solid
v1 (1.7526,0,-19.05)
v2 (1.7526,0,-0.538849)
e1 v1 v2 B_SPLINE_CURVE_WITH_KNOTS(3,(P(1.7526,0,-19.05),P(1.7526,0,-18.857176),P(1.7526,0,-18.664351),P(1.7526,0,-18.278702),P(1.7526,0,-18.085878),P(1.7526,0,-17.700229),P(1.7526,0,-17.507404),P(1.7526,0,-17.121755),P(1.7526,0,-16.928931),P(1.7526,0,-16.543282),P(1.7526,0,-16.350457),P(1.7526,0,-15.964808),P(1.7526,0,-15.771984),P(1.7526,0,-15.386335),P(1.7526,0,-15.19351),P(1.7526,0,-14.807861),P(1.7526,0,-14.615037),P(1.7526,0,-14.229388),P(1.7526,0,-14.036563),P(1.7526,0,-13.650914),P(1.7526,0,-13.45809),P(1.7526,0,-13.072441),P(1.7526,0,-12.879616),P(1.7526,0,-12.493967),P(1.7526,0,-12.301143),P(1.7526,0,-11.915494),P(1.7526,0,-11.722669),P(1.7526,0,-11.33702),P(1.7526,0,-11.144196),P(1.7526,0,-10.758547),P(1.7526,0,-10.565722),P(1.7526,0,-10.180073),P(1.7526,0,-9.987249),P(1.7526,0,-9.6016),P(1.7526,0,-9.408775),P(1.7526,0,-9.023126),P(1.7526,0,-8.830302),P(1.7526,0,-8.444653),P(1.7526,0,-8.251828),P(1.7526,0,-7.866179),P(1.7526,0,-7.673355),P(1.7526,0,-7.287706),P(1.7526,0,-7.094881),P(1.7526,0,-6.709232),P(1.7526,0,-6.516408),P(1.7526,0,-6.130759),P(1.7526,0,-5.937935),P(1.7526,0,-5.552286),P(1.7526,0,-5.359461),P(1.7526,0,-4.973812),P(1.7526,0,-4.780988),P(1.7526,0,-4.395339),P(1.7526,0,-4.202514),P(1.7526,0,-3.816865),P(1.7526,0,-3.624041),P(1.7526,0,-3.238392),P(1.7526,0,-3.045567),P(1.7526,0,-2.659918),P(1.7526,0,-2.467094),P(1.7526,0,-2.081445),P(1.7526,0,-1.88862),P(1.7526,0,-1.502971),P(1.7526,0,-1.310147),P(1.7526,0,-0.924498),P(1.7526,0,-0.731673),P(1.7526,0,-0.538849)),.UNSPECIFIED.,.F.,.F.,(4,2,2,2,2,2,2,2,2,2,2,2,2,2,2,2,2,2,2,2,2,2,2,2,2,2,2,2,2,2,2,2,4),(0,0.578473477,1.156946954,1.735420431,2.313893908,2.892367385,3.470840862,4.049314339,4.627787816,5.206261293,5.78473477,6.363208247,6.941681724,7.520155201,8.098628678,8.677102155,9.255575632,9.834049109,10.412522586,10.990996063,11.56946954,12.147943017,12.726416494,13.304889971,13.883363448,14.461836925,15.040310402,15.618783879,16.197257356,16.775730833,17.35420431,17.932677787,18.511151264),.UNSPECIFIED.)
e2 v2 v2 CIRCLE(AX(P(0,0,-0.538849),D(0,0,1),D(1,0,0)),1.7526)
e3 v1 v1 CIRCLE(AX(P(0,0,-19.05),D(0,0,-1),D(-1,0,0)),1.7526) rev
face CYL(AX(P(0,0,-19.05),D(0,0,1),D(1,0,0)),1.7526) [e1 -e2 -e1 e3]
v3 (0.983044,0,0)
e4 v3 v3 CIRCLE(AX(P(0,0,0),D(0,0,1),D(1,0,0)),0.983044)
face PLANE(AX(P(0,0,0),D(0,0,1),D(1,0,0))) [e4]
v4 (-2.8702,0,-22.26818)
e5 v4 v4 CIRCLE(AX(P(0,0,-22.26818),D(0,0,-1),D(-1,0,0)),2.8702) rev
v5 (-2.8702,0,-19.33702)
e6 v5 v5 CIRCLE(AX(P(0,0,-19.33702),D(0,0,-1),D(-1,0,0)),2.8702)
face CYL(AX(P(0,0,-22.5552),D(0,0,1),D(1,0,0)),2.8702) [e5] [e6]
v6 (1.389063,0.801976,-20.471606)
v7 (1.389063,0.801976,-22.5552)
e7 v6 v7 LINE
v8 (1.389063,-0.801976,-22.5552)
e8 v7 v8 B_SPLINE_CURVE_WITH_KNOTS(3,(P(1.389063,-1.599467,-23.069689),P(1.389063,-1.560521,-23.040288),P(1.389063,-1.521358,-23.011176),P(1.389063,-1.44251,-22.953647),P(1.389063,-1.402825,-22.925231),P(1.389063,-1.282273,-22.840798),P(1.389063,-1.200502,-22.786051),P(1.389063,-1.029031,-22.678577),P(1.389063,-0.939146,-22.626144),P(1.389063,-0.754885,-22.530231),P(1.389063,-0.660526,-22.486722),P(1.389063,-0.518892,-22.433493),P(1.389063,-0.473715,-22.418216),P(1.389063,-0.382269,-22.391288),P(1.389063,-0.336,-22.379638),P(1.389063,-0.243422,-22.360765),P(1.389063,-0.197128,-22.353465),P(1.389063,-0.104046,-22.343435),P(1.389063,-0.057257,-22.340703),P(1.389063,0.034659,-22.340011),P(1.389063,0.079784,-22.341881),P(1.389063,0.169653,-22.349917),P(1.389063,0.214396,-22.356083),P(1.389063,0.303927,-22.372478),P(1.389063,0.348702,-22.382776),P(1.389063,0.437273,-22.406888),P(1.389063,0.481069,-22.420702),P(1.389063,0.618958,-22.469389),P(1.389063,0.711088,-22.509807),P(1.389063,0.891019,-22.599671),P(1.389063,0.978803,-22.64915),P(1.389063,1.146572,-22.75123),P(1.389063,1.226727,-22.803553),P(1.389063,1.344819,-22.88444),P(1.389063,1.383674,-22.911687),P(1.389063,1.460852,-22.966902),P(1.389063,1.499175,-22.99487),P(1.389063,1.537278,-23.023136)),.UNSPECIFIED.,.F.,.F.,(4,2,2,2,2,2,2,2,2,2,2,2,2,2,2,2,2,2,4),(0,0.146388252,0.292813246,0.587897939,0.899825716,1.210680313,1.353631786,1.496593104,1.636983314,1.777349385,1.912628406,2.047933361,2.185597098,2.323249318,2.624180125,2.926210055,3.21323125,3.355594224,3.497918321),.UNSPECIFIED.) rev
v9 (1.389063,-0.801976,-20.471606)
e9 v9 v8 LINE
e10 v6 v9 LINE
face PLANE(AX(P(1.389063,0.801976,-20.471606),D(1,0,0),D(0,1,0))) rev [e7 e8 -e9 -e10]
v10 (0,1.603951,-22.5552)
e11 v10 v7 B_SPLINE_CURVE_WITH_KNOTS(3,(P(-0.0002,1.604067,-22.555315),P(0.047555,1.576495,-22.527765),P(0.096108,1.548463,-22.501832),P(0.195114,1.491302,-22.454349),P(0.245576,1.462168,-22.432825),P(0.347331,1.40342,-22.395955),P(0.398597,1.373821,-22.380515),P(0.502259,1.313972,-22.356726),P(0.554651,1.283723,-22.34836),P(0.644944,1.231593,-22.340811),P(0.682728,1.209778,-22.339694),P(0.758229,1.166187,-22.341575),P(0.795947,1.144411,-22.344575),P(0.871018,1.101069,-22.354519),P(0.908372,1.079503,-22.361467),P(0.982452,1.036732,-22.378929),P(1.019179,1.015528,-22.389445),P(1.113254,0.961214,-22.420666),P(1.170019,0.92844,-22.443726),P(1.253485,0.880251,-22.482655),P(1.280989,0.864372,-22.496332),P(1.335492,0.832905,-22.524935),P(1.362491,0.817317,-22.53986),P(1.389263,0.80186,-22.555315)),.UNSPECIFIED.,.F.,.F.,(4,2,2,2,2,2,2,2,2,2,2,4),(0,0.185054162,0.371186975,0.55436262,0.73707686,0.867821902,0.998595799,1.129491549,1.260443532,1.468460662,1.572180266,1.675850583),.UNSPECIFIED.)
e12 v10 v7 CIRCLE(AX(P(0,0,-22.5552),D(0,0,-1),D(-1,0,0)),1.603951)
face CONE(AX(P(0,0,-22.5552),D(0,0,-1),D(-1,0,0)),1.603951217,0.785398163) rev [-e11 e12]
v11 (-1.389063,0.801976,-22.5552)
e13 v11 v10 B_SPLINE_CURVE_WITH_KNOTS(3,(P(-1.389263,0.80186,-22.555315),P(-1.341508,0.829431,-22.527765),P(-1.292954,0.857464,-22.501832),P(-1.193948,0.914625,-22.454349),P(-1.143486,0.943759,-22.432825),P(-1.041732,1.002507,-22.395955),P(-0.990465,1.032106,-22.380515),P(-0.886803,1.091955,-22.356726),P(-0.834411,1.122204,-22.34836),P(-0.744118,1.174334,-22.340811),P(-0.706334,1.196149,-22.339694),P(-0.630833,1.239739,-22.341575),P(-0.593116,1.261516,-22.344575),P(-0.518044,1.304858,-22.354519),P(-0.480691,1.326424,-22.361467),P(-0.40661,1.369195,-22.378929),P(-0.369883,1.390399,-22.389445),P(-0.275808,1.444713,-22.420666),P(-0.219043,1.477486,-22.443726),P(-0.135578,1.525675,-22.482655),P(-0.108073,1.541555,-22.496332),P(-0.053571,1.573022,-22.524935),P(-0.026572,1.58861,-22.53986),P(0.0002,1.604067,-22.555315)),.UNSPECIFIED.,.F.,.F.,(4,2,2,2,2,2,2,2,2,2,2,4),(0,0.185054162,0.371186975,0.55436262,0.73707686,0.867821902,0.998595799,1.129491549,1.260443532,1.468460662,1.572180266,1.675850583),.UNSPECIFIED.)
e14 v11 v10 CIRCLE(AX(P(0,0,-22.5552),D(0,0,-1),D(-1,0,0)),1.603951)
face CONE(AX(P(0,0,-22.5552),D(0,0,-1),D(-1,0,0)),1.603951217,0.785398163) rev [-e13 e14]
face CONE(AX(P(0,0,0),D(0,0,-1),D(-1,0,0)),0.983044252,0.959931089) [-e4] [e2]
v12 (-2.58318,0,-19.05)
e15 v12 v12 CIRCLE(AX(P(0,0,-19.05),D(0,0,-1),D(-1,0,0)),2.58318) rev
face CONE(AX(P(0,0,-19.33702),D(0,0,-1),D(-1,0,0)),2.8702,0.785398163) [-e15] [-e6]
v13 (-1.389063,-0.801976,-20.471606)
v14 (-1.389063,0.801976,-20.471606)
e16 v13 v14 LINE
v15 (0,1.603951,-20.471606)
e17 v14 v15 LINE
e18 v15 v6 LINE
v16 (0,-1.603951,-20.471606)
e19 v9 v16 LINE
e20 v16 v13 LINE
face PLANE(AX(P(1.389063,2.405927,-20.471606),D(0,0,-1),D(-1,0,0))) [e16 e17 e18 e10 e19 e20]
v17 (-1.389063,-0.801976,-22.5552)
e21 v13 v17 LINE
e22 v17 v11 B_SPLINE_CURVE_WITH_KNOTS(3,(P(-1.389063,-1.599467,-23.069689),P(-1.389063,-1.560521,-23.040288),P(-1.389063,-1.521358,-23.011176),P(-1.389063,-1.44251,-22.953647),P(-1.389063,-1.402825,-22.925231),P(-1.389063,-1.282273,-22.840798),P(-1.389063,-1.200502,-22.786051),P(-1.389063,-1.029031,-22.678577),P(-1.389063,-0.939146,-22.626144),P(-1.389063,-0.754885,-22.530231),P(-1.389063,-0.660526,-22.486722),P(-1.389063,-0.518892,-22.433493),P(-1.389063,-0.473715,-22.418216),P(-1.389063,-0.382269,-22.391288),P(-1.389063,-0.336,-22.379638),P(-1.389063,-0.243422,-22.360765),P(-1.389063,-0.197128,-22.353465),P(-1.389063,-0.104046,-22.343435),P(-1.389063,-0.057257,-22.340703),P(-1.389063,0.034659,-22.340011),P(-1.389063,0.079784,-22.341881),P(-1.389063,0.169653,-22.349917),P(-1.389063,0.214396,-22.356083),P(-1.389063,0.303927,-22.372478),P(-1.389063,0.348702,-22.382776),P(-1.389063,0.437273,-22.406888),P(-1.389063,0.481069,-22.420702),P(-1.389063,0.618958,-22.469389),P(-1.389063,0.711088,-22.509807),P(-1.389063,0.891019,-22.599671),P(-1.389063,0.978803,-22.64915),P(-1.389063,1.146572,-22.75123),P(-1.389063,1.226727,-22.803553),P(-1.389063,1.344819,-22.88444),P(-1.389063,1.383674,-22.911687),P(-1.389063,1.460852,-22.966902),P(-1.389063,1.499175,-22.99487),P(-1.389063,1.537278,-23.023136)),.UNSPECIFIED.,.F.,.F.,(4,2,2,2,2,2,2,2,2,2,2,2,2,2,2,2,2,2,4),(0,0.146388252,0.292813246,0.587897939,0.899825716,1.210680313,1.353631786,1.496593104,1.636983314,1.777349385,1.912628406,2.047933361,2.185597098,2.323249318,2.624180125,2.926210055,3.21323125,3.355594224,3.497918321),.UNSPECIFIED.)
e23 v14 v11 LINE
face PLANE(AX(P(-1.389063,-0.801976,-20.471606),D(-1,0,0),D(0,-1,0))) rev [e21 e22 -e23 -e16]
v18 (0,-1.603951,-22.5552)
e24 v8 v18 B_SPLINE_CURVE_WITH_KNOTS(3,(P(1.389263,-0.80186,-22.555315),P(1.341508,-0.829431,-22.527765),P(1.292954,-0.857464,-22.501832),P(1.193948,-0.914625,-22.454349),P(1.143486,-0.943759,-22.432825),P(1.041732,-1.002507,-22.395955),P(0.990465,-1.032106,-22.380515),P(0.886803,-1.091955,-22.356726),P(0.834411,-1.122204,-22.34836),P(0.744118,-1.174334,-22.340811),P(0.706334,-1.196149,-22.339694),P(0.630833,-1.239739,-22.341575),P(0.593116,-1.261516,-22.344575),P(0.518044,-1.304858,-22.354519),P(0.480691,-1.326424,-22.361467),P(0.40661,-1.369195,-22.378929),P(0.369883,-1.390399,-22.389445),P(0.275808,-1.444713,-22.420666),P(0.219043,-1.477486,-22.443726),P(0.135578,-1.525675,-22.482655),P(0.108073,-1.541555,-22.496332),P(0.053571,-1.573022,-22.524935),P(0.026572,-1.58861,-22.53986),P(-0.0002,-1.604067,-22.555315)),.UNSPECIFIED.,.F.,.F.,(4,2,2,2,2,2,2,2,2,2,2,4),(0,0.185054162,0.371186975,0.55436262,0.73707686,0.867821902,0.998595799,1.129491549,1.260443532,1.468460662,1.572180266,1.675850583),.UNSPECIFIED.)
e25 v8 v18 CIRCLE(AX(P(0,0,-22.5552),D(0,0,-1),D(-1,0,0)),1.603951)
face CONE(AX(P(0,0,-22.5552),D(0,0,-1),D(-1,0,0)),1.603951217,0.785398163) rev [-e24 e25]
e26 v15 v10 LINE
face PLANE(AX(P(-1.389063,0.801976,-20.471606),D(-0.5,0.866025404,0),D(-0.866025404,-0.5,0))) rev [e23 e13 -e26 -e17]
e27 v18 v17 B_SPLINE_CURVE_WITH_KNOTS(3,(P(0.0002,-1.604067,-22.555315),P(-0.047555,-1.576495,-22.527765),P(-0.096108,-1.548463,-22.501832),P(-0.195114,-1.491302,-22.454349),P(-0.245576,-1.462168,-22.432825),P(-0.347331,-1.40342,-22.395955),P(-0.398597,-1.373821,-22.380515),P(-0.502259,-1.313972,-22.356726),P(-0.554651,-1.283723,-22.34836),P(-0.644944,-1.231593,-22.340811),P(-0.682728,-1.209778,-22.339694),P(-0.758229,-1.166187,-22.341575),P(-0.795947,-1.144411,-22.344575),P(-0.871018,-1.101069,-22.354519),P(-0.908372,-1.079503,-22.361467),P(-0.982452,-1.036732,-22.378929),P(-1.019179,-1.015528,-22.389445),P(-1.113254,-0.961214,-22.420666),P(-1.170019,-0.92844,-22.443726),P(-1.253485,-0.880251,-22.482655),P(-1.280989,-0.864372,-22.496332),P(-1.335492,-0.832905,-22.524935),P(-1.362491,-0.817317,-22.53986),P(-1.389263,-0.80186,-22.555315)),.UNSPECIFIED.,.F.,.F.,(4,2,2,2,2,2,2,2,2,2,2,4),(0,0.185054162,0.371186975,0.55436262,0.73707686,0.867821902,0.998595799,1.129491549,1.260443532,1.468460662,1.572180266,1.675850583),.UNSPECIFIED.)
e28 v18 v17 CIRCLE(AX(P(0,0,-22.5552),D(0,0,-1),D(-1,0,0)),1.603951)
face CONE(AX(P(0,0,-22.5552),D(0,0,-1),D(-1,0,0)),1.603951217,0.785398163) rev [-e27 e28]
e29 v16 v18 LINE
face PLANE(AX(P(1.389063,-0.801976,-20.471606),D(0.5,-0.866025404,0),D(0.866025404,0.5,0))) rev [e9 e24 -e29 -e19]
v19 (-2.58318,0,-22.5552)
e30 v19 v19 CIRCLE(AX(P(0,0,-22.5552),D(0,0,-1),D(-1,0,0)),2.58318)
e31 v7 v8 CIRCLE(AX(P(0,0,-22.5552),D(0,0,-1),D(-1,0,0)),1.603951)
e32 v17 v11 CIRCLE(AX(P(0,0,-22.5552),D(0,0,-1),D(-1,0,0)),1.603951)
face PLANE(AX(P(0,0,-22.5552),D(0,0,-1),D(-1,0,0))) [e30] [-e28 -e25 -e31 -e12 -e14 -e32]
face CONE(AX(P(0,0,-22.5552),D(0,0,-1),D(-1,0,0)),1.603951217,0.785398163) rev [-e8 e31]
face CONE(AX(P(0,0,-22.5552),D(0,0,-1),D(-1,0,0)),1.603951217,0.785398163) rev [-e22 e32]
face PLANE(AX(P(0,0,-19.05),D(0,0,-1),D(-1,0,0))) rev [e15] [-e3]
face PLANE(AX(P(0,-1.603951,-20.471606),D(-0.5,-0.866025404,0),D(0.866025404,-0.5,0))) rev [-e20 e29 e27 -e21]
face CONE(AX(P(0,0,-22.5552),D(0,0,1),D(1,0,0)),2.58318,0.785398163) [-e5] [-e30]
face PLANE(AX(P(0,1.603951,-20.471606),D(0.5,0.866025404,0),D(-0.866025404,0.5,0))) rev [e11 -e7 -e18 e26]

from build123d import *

# Parameters (mm, degrees)
SKETCH1_R          = 1.7526
EXTRUDE1_DEPTH     = 19.05
SKETCH6_R          = 2.8702
EXTRUDE2_DEPTH     = 3.5052
CUT_EXTRUDE1_DEPTH = 2.08359375
CHAMFER1_SIZE      = 0.28702


with BuildPart() as part:
    # Sketch1 → Extrude1 (new body)
    with BuildSketch(Plane.XY):
        Circle(SKETCH1_R)
    extrude(amount=-EXTRUDE1_DEPTH)

    # Sketch4 → Cut-Revolve1 (revolve, cut)
    with BuildSketch(Plane(origin=(0, 0, 0), x_dir=(0, 0, -1), z_dir=(1, 0, 0))):
        Polygon((0.538848736, 1.7526), (0, 0.983044252), (0, 1.7526), align=None)
    revolve(axis=Axis((0, 0, 0), (0, 0, -1)), mode=Mode.SUBTRACT)

    # Sketch6 → Extrude2 (add)
    with BuildSketch(Plane(origin=(0, 0, -19.05), x_dir=(-1, 0, 0), z_dir=(0, 0, -1))):
        Circle(SKETCH6_R)
    extrude(amount=EXTRUDE2_DEPTH)

    # Sketch7 → Cut-Extrude1 (cut)
    with BuildSketch(Plane(origin=(0, 0, -22.5552), x_dir=(-1, 0, 0), z_dir=(0, 0, -1))):
        Polygon((0, 1.603951217), (-1.3890625, 0.801975608), (-1.3890625, -0.801975608), (0, -1.603951217), (1.3890625, -0.801975608), (1.3890625, 0.801975608), align=None)
    extrude(amount=-CUT_EXTRUDE1_DEPTH, mode=Mode.SUBTRACT)

    # Cut-Extrude2 cone 1 section (through the dimple's axis) → Cut-Extrude2 (revolve, cut)
    with BuildSketch(Plane(origin=(0, 0, -22.5552), x_dir=(0, 1, 0), z_dir=(1, 0, 0))):
        Polygon((0, 0), (1.603951217, 0), (0, 1.603951217), align=None)
    revolve(axis=Axis((0, 0, -22.5552), (0, 0, 1)), mode=Mode.SUBTRACT)

    # Chamfer1
    chamfer1_edges = [part.edges().sort_by_distance(p)[0] for p in [
        (2.8702, 0, -22.5552),
        (2.8702, 0, -19.05),
    ]]
    chamfer(chamfer1_edges, length=CHAMFER1_SIZE)


solid = part.part
